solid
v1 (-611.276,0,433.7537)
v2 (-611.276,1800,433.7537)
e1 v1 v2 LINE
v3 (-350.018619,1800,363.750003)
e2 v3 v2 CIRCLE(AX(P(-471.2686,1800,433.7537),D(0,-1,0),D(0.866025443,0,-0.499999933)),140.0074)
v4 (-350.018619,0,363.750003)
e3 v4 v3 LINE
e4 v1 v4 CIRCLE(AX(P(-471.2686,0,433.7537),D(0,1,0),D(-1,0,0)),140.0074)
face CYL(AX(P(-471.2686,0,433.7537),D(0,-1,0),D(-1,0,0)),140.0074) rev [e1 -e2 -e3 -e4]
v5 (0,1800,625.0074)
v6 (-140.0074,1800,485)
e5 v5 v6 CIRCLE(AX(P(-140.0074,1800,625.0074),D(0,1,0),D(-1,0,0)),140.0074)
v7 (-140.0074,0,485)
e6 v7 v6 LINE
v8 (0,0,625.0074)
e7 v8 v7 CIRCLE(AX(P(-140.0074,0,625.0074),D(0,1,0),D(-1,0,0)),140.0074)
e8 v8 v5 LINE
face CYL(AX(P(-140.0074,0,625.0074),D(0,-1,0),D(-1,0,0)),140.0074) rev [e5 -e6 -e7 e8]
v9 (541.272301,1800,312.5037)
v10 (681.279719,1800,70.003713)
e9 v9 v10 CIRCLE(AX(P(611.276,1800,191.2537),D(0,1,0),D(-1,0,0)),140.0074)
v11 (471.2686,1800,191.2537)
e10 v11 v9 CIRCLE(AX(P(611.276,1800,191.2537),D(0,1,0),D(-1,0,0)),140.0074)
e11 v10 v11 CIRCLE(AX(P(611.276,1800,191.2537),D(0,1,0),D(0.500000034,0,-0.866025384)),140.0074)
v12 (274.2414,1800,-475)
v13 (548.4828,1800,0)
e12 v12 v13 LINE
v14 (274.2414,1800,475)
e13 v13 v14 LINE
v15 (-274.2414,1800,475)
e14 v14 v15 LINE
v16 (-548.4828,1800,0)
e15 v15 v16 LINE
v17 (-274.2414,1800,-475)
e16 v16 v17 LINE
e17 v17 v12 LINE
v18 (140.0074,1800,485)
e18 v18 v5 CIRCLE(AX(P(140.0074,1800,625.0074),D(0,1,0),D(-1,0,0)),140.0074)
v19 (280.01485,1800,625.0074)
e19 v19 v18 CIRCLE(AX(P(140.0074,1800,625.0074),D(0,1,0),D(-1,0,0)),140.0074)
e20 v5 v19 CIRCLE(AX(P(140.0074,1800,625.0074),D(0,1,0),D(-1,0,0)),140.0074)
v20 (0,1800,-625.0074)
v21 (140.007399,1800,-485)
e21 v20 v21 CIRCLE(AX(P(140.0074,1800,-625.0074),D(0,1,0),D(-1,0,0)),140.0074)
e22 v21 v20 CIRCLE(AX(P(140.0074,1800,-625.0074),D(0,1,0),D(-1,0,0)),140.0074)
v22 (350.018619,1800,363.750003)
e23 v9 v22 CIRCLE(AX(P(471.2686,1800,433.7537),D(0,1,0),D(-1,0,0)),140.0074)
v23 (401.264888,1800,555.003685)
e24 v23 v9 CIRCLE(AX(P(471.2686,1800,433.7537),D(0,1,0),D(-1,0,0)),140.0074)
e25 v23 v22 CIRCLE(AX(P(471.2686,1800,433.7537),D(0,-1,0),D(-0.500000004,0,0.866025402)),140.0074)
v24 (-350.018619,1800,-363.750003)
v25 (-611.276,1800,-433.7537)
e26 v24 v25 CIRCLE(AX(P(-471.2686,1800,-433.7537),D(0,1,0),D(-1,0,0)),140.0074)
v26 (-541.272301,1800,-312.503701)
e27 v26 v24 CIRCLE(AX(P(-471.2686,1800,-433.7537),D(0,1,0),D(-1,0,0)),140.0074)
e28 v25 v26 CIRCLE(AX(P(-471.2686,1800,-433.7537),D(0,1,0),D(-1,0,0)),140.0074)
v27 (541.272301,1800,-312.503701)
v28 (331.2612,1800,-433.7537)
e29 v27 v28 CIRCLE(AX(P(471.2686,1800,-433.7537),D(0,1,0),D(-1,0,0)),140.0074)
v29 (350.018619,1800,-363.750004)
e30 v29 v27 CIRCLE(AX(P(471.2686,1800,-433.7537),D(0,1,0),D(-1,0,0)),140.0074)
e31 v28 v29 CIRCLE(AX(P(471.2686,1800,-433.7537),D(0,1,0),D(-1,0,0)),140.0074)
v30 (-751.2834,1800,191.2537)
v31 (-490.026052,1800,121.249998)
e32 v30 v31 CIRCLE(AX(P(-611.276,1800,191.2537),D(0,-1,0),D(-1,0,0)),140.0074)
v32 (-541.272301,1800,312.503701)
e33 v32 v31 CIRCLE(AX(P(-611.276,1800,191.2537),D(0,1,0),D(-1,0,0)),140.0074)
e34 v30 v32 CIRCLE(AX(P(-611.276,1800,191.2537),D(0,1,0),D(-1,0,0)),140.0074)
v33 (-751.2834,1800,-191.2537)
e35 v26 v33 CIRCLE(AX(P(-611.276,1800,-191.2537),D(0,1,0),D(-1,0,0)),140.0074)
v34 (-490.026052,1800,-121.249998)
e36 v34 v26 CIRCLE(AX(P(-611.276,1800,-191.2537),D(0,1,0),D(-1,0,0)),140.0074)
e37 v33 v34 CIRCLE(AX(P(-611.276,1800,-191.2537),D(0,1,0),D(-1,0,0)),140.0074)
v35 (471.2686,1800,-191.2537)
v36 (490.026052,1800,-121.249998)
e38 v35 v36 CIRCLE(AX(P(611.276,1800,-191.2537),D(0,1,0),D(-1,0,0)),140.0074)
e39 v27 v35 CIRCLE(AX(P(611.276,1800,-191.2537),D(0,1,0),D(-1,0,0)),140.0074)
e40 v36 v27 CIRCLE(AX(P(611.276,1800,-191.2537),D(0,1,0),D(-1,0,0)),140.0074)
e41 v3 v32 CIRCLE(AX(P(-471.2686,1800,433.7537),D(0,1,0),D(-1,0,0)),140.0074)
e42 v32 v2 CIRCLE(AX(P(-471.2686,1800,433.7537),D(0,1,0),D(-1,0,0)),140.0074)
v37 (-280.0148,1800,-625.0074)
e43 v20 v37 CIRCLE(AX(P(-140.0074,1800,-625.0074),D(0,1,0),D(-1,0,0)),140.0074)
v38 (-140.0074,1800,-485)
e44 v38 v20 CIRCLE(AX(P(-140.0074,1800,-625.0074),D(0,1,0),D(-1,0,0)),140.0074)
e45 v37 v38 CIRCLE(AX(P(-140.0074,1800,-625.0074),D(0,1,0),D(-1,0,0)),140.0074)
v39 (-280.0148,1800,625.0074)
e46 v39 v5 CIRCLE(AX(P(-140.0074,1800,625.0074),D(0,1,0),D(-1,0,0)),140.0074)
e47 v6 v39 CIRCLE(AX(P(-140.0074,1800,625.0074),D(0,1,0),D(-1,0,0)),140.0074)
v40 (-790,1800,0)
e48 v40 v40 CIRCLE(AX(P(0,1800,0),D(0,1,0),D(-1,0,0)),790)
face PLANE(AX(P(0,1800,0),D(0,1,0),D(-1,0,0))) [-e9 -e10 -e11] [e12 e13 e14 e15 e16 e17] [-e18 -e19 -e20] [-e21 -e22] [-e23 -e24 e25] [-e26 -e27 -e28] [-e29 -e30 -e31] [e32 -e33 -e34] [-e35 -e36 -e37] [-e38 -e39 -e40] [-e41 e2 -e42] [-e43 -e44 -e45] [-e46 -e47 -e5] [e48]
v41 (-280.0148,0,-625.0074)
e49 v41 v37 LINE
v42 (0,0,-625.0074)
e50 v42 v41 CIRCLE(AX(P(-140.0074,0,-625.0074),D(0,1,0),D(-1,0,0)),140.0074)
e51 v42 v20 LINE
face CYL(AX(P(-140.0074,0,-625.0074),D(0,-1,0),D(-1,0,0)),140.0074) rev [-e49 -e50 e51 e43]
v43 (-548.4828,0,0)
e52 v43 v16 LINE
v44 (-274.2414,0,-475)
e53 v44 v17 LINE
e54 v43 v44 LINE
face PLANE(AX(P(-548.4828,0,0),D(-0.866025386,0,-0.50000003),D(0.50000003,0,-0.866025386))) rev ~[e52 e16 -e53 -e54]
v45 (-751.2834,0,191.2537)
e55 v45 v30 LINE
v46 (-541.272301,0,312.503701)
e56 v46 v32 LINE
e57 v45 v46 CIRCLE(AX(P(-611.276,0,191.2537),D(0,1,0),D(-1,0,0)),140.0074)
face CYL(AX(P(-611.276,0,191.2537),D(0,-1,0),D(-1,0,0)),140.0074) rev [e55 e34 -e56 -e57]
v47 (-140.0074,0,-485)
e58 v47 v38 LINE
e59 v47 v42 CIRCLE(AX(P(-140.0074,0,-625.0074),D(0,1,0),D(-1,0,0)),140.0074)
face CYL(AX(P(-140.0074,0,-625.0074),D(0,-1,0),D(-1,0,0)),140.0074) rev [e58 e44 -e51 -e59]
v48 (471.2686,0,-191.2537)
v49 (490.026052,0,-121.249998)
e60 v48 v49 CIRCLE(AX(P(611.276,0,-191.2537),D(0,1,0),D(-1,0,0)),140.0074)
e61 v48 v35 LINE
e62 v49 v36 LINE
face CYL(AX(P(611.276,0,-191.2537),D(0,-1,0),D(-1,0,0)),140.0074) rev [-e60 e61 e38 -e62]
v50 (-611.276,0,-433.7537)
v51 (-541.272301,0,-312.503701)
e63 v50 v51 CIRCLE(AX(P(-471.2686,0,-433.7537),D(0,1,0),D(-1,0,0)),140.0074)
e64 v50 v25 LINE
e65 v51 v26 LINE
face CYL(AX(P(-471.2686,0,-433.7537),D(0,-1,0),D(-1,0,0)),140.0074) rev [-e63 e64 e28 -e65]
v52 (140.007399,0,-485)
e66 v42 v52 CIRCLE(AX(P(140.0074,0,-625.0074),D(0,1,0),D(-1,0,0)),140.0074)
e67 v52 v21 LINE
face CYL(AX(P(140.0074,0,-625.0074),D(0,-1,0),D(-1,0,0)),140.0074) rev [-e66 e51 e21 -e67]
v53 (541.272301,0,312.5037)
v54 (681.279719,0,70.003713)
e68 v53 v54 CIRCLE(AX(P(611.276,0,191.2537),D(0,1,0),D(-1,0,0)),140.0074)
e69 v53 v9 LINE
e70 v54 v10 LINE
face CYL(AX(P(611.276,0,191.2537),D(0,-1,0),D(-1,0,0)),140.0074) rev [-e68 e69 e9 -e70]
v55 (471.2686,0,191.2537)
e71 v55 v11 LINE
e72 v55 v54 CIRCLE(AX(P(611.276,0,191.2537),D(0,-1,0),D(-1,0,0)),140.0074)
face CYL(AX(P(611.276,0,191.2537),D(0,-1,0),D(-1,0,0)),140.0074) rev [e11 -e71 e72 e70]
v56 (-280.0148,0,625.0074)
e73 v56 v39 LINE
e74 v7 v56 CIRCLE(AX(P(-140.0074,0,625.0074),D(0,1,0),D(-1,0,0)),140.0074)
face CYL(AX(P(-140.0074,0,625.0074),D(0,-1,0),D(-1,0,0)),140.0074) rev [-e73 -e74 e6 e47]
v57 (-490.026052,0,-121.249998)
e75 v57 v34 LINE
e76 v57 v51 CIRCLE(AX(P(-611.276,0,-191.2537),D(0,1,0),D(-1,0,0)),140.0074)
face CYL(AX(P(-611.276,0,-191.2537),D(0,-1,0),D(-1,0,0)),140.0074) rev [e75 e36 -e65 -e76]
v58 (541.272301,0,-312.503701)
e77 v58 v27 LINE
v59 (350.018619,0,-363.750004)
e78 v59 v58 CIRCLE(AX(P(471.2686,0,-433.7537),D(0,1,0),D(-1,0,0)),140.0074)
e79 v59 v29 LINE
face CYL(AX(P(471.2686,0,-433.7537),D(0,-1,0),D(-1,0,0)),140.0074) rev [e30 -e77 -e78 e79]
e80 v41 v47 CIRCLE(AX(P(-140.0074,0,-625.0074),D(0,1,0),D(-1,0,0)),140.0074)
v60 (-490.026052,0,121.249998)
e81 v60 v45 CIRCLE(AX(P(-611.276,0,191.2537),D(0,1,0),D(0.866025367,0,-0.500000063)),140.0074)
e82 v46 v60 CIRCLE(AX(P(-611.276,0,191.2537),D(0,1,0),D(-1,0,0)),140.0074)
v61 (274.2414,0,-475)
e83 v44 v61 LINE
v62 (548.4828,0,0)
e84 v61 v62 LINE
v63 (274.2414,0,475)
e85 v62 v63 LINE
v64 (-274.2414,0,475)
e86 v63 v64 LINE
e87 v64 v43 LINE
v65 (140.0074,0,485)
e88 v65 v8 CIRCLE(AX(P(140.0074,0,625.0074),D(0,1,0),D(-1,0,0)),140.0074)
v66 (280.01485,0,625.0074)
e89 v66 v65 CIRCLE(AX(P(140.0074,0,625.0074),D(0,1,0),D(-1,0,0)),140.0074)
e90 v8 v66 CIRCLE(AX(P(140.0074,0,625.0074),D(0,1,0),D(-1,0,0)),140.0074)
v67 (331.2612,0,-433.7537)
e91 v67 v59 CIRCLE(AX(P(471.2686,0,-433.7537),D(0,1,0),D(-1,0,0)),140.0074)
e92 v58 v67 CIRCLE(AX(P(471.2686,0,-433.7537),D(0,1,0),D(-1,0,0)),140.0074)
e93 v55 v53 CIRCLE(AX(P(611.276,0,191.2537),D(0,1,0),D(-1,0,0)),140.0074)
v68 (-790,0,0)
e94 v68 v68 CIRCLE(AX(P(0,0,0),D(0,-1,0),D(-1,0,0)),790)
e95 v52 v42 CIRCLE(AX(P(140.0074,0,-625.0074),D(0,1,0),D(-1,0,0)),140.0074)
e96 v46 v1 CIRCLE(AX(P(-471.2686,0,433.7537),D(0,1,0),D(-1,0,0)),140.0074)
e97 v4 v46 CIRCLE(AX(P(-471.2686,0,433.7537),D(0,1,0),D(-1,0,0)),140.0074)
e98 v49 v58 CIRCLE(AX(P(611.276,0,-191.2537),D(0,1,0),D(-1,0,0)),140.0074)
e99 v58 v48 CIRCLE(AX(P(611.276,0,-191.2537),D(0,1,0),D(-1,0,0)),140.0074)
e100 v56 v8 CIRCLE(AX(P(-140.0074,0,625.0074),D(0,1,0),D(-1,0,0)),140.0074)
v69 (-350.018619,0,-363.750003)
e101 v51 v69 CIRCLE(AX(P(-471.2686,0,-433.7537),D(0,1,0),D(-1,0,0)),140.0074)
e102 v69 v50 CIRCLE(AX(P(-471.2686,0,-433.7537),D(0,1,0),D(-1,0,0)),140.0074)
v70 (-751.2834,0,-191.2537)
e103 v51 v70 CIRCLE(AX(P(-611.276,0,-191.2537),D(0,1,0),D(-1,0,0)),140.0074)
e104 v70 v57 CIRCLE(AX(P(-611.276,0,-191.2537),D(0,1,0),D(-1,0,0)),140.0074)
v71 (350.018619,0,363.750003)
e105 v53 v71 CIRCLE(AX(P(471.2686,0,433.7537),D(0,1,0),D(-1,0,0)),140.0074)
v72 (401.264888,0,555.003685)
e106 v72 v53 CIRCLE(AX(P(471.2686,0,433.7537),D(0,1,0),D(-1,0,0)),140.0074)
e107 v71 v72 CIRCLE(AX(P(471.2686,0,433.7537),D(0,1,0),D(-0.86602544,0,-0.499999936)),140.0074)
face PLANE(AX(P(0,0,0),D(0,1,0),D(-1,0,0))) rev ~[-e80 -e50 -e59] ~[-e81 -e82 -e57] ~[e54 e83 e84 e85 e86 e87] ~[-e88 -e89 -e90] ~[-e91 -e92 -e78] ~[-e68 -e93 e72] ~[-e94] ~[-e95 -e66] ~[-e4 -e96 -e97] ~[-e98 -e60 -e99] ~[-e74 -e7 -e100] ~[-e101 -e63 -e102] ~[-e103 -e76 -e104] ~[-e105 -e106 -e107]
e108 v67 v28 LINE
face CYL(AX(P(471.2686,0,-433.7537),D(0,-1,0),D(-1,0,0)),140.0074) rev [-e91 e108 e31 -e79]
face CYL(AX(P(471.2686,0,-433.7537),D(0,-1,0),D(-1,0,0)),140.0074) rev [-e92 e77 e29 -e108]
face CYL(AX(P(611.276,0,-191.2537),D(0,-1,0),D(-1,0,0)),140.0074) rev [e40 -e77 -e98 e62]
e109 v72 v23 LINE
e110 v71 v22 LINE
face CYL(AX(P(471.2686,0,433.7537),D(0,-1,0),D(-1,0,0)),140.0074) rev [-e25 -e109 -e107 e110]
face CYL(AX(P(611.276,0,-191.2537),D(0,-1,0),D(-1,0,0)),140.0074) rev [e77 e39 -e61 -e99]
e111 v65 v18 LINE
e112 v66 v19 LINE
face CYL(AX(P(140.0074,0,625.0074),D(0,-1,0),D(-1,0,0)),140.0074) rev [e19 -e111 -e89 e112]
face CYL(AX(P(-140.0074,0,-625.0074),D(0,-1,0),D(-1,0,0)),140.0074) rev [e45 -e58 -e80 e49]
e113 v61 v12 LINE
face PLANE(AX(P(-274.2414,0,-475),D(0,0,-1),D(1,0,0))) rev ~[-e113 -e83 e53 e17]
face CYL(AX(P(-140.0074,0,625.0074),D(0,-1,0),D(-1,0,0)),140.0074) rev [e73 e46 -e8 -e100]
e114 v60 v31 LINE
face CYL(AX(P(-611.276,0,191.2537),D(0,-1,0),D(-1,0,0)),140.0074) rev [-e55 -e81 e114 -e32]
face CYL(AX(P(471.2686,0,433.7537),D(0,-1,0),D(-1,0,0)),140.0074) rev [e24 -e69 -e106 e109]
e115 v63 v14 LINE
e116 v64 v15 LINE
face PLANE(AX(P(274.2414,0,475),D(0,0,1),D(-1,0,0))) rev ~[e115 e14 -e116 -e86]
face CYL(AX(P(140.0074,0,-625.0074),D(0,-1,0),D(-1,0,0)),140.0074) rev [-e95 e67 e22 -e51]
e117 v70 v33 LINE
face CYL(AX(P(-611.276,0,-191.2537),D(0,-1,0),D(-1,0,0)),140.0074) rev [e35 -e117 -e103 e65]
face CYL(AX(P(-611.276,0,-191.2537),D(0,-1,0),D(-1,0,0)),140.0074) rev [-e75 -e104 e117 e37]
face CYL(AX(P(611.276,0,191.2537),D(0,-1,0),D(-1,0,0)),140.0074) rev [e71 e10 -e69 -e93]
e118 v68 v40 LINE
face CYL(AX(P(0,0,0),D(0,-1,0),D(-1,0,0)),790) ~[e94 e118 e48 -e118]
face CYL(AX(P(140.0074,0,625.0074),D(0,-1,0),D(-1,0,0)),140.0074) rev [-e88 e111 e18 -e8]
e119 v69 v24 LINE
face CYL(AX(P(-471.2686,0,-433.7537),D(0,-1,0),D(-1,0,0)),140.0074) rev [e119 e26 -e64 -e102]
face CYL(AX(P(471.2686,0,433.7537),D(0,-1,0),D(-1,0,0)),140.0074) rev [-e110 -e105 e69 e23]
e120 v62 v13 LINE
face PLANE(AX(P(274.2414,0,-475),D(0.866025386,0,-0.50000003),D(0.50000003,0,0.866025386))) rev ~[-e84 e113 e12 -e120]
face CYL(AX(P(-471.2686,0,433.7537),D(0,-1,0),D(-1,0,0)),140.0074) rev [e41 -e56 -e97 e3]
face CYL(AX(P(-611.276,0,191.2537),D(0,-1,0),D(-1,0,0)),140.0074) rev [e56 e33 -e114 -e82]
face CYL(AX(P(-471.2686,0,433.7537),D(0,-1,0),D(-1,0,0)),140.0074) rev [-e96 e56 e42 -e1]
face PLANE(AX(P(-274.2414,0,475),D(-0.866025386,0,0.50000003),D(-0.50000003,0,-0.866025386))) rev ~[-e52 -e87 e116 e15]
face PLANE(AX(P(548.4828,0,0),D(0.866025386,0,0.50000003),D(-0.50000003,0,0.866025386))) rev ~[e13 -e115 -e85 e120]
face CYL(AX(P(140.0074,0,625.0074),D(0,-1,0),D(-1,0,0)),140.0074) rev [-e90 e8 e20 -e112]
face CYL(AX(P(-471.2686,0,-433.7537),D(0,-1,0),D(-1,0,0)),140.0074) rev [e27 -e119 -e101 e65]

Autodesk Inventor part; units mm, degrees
ref_plane "YZ Plane" through (0, 0, 0) normal (1, 0, 0) x (0, 1, 0)
ref_plane "XZ Plane" through (0, 0, 0) normal (0, 1, 0) x (-1, 0, 0)
ref_plane "XY Plane" through (0, 0, 0) normal (0, 0, 1) x (1, 0, 0)
sketch "Sketch1" plane through (0, 0, 0) normal (0, 1, 0) x (-1, 0, 0)
  line L0 (-560.0298, 0) -> (-280.0149, 485)
  line L1 (-280.0149, 485) -> (280.0149, 485)
  line L2 (280.0149, 485) -> (560.0298, 0)
  line L3 (560.0298, 0) -> (280.0149, -485)
  line L4 (280.0149, -485) -> (-280.0149, -485)
  line L5 (-280.0149, -485) -> (-560.0298, 0)
  line L6 (0, 485) -> (280.0149, 485)
  line L7 (0, 485) -> (-280.0149, 485)
  line L8 (-280.0149, 485) -> (-420.0223, 242.5)
  line L9 (-420.0223, 242.5) -> (-560.0298, 0)
  line L10 (-560.0298, 0) -> (-420.0223, -242.5)
  line L11 (-420.0223, -242.5) -> (-280.0149, -485)
  line L12 (-280.0149, -485) -> (0, -485)
  line L13 (0, -485) -> (280.0149, -485)
  line L14 (280.0149, -485) -> (420.0223, -242.5)
  line L15 (420.0223, -242.5) -> (560.0298, 0)
  line L16 (560.0298, 0) -> (420.0223, 242.5)
  line L17 (420.0223, 242.5) -> (280.0149, 485)
  circle A0 centre (140.0074, 625.0074) radius 140.0074
  circle A1 centre (-140.0074, 625.0074) radius 140.0074
  circle A2 centre (-471.2686, 433.7537) radius 140.0074
  circle A3 centre (-611.276, 191.2537) radius 140.0074
  line L18 (-560.0298, 0) -> (-639.9785, 0)
  circle A4 centre (471.2686, 433.7537) radius 140.0074
  circle A5 centre (611.276, 191.2537) radius 140.0074
  line L19 (280.0149, 485) -> (613.8502, 677.7399)
  line L20 (-280.0149, 485) -> (-280.0149, 1036.6833)
  line L21 (-560.0298, 0) -> (-952.9053, 226.8268)
  line L22 (-280.0149, 485) -> (-615.2161, 678.5285)
  line L23 (280.0149, 485) -> (280.0149, 1486.2833)
  line L24 (560.0298, 0) -> (896.7053, 194.3797)
  circle A6 centre (140.0074, -625.0074) radius 140.0074
  circle A7 centre (-140.0074, -625.0074) radius 140.0074
  circle A8 centre (-471.2686, -433.7537) radius 140.0074
  circle A9 centre (-611.276, -191.2537) radius 140.0074
  circle A10 centre (471.2686, -433.7537) radius 140.0074
  circle A11 centre (611.276, -191.2537) radius 140.0074
  circle A12 centre (0, 0) radius 790
  line L25 (-548.4828, 0) -> (-274.2414, 475)
  line L26 (-274.2414, 475) -> (274.2414, 475)
  line L27 (274.2414, 475) -> (548.4828, 0)
  line L28 (548.4828, 0) -> (274.2414, -475)
  line L29 (274.2414, -475) -> (-274.2414, -475)
  line L30 (-274.2414, -475) -> (-548.4828, 0)
  line L31 (-539.5916, 0) -> (-269.7958, 467.3)
  line L32 (-269.7958, 467.3) -> (269.7958, 467.3)
  line L33 (269.7958, 467.3) -> (539.5916, 0)
  line L34 (539.5916, 0) -> (269.7958, -467.3)
  line L35 (269.7958, -467.3) -> (-269.7958, -467.3)
  line L36 (-269.7958, -467.3) -> (-539.5916, 0)
  point P0 (0, 625.0074)
  point P1 (140.0074, 485)
  point P2 (350.0186, 363.75)
  point P3 (541.2723, 312.5037)
  point P4 (490.026, 121.25)
  point P5 (490.026, -121.25)
  point P6 (541.2723, -312.5037)
  point P7 (350.0186, -363.75)
  point P8 (140.0074, -485)
  point P9 (0, -625.0074)
  point P10 (-140.0074, -485)
  point P11 (-350.0186, -363.75)
  point P12 (-541.2723, -312.5037)
  point P13 (-490.026, -121.25)
  point P14 (-490.026, 121.25)
  point P15 (-541.2723, 312.5037)
  point P16 (-350.0186, 363.75)
  point P17 (-140.0074, 485)
  dimension "d0" = 485
  dimension "d13" = 90
  dimension "d14" = 90
  dimension "d15" = 90
  dimension "d24" = 475
  dimension "d26" = 467.3
  dimension "d27" = 1580
extrude "Extrusion1" add sketch "Sketch1" along normal blind 1800 contours L21 A3 L0 | L0 L1 L2 L3 L4 L5 | L5 A9 A8 L4 A7 A6 L3 A10 A11 L24 A12 L21 | A3 A2 L0 | L5 A8 A9 | L21 A12 L22 A2 A3 | A2 L22 L0 | L22 A12 L20 | L20 A1 L1 | A12 L23 A0 A1 L20 | L24 A5 A4 L19 A12 | A1 A0 L1 | L4 A6 A7 | A12 L19 L23 | L24 L2 A5 | L23 L1 A0 | L2 A4 A5 | A4 L2 L19 | A11 A10 L3
properties part number "alumina caseing"
